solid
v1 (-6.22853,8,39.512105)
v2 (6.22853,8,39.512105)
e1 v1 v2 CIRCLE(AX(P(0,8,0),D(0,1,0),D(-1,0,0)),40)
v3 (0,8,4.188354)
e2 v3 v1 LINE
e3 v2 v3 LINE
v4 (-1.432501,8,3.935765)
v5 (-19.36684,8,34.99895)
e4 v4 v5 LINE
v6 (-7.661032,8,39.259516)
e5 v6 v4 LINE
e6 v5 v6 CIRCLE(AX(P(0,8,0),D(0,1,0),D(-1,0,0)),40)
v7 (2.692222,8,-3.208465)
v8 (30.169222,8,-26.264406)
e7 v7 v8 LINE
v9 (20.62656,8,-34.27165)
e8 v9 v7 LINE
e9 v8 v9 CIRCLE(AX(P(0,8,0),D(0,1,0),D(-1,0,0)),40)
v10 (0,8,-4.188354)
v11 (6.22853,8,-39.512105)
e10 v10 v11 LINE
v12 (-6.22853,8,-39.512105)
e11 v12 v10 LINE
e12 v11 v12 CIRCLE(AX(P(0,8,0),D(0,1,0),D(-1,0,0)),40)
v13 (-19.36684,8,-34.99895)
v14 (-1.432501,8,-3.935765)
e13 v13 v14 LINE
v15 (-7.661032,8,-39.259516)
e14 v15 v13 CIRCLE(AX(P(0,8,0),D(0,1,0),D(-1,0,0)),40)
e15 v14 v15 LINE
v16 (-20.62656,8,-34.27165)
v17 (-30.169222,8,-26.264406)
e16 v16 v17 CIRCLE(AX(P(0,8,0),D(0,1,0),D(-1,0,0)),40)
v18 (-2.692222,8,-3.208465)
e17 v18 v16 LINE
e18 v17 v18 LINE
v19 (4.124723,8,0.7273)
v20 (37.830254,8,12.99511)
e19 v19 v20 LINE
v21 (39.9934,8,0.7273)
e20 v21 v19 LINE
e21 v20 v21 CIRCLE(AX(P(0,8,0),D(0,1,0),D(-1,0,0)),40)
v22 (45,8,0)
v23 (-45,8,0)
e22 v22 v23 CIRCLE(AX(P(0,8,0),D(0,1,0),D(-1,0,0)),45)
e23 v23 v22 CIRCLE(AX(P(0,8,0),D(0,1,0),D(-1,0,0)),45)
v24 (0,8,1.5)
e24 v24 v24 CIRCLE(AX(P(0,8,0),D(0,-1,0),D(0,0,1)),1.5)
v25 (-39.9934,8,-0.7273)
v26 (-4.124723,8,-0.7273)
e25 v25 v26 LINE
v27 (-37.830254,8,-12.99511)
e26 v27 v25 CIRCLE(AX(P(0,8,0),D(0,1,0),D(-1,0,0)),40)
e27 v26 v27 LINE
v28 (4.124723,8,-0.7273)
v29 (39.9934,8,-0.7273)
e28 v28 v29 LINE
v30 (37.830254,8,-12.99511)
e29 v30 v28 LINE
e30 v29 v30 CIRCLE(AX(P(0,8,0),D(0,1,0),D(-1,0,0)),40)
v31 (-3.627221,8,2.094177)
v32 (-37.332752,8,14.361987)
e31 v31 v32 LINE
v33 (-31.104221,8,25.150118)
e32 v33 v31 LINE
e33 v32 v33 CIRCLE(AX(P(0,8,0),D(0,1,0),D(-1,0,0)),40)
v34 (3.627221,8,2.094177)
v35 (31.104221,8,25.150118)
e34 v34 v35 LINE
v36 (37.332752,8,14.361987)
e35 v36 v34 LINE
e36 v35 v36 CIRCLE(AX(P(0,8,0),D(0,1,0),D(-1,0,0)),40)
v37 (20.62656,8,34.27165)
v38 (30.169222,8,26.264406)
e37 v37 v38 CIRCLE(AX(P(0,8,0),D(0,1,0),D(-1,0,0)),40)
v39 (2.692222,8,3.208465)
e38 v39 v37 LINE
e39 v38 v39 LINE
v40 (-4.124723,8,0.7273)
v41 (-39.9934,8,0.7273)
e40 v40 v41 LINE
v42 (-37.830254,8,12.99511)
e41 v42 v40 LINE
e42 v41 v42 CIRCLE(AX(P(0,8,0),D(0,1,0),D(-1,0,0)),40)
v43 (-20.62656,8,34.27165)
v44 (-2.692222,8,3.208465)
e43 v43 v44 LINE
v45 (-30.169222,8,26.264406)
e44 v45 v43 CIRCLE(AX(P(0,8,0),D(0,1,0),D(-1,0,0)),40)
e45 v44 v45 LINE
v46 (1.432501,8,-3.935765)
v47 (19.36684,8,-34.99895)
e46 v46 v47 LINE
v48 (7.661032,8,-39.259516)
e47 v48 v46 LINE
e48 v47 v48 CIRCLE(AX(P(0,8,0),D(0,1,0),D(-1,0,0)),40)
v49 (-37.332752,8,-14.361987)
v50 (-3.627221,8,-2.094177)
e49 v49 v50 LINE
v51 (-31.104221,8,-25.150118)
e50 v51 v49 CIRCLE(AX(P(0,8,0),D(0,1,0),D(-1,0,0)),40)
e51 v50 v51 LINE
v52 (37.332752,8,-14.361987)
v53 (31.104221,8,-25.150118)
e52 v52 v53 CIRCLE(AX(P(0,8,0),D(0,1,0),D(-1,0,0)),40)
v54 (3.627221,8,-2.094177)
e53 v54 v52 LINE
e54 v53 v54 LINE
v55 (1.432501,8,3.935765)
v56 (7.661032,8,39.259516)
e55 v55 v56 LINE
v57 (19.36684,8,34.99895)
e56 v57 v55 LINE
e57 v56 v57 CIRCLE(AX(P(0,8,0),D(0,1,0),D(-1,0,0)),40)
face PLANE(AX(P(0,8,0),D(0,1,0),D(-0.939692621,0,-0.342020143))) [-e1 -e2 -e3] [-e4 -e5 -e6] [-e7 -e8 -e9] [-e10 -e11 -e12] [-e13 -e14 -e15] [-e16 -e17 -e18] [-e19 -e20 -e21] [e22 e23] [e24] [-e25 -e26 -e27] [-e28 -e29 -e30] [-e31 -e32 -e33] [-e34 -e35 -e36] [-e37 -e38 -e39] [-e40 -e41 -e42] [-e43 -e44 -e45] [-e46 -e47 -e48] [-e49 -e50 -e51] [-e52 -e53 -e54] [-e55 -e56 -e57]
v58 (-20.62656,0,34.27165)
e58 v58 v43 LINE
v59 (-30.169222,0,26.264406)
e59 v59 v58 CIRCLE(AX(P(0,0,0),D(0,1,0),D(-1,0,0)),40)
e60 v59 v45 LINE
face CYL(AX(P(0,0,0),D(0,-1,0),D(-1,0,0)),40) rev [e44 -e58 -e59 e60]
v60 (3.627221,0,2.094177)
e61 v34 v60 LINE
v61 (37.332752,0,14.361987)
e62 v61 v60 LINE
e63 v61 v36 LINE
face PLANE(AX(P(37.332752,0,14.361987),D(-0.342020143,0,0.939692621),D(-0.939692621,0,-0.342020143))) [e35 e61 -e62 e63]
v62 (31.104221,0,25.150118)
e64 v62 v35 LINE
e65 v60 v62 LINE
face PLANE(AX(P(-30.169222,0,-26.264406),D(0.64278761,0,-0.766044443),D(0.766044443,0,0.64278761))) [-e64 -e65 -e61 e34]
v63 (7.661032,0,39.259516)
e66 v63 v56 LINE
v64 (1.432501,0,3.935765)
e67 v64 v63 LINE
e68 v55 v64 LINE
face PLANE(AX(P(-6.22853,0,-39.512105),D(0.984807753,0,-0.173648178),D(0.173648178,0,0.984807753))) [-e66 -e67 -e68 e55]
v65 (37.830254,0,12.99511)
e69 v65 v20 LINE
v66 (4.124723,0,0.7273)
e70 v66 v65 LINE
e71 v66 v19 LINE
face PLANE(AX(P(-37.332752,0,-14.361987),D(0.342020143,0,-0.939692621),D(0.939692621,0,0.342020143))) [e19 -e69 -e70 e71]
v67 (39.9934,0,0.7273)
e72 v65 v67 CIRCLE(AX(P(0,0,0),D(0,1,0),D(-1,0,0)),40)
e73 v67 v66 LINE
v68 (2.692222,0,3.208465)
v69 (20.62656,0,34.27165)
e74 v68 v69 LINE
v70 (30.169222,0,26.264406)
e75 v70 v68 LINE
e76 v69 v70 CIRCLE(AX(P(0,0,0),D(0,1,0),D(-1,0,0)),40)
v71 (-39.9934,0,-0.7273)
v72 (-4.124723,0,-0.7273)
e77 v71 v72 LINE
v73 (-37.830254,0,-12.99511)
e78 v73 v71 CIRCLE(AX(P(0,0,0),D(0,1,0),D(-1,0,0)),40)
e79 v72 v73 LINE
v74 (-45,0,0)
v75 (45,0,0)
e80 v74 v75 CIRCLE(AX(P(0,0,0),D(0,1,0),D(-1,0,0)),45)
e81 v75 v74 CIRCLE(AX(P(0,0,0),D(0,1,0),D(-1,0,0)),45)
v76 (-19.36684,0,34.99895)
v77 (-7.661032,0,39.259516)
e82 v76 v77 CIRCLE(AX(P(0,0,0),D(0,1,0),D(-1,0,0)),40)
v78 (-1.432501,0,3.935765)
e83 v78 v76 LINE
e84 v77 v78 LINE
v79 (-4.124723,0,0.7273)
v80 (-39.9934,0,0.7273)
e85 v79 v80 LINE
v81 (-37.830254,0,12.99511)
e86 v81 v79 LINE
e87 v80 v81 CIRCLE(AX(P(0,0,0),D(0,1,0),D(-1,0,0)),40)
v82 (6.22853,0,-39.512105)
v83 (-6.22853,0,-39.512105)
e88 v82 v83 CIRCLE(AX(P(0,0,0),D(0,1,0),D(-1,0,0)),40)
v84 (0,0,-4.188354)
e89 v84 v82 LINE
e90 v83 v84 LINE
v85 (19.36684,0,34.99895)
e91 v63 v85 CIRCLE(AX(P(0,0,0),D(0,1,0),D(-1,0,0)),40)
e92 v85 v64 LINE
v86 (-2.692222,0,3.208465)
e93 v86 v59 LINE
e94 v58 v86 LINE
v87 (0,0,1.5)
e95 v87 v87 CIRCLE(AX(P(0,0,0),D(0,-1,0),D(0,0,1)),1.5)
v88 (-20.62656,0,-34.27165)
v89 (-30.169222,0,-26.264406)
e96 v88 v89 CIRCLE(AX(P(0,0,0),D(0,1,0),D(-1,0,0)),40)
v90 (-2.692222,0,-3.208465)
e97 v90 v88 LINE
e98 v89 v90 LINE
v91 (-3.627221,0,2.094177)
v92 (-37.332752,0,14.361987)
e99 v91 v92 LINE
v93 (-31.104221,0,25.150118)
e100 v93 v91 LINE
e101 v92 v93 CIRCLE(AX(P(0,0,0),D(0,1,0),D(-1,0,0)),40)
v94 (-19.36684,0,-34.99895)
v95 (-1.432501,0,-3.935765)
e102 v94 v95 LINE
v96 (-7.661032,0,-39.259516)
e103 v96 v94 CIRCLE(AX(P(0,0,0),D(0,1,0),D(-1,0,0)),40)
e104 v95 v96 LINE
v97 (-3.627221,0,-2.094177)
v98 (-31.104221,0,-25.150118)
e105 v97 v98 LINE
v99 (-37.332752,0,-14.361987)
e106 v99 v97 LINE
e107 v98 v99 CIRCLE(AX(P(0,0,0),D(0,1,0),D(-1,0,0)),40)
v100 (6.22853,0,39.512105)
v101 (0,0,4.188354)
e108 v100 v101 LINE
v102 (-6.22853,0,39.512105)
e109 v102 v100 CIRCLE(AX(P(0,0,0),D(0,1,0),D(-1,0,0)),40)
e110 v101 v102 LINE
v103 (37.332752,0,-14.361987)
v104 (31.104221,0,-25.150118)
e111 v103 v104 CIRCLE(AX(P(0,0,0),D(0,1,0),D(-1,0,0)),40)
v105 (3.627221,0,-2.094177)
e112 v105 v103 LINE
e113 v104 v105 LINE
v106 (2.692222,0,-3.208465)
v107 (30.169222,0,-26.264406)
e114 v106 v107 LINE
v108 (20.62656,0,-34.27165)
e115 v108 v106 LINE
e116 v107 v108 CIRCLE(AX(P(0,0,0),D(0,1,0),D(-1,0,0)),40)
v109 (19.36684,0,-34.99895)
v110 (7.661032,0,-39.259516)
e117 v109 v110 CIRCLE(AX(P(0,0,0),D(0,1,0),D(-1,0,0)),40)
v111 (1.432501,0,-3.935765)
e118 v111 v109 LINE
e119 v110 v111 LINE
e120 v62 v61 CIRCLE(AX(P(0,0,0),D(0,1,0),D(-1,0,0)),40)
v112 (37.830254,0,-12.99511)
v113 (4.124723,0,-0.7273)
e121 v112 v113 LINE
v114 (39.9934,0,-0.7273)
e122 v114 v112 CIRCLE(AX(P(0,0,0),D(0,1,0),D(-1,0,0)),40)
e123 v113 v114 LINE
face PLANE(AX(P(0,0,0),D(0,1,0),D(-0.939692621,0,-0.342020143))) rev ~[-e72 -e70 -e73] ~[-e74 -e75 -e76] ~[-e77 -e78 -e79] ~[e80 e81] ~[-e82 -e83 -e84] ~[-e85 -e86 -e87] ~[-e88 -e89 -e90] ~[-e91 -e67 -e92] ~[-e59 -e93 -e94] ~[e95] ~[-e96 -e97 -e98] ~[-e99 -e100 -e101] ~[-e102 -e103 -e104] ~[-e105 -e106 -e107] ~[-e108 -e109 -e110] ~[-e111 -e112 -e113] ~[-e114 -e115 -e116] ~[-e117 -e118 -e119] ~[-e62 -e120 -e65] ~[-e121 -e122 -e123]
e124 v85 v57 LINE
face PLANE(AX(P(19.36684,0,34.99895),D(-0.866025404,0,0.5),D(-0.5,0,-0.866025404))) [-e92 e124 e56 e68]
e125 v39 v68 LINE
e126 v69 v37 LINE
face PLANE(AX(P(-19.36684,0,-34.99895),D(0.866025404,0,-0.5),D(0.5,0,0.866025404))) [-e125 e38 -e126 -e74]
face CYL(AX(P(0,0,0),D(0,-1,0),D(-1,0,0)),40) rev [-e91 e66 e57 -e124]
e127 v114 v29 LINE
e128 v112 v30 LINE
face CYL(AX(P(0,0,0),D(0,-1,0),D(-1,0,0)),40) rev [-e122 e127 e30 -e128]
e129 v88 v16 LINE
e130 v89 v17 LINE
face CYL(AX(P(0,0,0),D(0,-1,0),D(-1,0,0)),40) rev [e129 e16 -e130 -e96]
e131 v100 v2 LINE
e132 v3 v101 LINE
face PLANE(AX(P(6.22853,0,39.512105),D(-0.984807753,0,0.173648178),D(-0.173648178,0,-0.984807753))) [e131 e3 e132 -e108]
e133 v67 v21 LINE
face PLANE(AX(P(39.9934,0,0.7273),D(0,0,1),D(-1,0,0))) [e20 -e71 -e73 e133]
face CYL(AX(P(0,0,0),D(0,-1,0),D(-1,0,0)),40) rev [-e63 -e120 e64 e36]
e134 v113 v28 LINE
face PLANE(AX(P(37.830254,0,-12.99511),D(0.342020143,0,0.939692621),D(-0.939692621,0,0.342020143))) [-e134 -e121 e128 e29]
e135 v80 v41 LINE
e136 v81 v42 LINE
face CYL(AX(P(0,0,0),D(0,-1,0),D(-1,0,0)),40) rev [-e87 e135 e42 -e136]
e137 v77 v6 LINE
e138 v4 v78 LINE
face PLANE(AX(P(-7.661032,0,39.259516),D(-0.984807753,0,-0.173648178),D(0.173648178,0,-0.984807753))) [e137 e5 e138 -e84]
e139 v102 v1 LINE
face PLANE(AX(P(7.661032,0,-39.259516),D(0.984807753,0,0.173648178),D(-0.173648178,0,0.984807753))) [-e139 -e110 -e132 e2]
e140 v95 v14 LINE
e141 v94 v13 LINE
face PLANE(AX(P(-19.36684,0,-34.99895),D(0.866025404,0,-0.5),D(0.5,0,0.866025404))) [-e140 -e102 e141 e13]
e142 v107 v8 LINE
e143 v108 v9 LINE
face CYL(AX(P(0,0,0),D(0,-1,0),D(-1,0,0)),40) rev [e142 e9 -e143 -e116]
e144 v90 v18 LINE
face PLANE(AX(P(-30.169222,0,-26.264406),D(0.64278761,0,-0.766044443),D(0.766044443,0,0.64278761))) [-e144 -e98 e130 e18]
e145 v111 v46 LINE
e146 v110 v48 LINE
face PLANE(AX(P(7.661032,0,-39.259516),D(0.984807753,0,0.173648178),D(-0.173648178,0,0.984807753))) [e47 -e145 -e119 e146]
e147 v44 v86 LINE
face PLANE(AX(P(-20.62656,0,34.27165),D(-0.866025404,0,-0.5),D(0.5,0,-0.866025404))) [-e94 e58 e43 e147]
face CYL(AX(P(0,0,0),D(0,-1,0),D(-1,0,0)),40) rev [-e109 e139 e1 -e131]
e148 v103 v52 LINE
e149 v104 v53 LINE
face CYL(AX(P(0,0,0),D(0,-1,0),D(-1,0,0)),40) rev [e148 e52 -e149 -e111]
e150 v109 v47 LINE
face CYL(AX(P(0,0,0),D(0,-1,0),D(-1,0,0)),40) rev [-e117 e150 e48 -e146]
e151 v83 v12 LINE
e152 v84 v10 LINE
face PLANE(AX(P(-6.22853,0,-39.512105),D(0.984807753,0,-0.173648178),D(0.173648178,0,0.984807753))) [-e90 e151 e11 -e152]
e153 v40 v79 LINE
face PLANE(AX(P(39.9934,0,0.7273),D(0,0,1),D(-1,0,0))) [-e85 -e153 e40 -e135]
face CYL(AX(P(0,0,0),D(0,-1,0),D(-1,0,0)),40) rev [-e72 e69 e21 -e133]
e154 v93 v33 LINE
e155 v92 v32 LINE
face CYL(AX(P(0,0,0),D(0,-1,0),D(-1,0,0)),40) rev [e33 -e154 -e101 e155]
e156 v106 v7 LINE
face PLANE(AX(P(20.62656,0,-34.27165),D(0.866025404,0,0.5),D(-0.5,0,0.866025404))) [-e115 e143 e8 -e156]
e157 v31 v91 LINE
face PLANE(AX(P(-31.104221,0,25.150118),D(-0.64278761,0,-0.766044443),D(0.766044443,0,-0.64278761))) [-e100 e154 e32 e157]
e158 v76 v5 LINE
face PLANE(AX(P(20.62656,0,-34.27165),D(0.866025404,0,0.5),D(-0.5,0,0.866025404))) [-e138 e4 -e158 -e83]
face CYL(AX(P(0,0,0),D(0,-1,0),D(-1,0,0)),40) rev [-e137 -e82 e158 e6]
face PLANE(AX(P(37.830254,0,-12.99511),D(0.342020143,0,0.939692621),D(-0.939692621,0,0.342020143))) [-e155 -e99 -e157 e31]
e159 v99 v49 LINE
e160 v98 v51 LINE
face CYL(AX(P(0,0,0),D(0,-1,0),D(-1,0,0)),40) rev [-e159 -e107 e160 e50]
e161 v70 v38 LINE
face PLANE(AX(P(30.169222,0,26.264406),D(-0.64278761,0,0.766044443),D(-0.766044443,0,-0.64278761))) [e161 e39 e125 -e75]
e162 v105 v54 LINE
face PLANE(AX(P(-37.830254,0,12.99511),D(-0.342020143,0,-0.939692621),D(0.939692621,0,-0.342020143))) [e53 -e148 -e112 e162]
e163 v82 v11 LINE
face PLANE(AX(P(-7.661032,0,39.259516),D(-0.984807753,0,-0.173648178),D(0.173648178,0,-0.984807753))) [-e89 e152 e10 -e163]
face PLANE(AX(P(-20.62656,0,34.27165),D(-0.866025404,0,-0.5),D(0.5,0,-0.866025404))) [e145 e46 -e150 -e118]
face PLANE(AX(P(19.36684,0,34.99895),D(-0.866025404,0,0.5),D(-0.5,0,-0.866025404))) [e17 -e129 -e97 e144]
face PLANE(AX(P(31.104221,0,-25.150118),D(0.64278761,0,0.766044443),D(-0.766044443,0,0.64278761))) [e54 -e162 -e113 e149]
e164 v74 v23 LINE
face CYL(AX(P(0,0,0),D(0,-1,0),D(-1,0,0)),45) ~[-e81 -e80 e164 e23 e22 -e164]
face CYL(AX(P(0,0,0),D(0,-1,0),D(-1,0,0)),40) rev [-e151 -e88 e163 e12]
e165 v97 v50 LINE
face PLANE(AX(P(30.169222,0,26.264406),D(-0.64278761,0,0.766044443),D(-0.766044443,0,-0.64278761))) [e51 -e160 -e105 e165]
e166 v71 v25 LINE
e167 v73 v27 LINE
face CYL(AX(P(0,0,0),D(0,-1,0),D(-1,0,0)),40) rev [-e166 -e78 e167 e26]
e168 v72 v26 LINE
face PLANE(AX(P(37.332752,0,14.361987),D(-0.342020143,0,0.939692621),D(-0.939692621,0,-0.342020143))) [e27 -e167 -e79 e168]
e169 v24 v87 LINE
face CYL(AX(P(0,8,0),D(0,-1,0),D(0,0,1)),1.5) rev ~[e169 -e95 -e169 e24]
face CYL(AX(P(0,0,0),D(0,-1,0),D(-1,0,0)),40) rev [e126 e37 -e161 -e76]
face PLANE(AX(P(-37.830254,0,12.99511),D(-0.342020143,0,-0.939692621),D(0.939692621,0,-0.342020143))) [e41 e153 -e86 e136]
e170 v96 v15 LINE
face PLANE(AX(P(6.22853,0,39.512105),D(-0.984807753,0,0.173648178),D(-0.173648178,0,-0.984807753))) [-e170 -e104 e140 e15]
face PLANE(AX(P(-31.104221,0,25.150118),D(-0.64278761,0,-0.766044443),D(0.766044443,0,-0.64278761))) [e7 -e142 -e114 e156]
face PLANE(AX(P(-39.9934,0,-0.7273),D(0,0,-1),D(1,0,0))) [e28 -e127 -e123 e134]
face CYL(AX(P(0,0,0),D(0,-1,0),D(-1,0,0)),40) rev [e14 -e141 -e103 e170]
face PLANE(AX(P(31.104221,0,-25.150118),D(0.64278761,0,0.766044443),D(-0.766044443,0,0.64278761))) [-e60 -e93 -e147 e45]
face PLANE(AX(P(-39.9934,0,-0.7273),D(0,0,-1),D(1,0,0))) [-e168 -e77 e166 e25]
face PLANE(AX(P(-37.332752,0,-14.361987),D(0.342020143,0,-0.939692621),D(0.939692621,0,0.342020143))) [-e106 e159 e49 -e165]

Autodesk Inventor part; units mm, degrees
ref_plane "YZ Plane" through (0, 0, 0) normal (1, 0, 0) x (0, 1, 0)
ref_plane "XZ Plane" through (0, 0, 0) normal (0, 1, 0) x (-1, 0, 0)
ref_plane "XY Plane" through (0, 0, 0) normal (0, 0, 1) x (1, 0, 0)
sketch "Sketch1" plane through (0, 0, 0) normal (0, 1, 0) x (-1, 0, 0)
  circle A0 centre (0, 0) radius 45
  circle A1 centre (0, 0) radius 40
  line L0 (40, 0) -> (-70, 0)
  line L1 (-39.9934, 0.7273) -> (39.9934, 0.7273)
  point P0 (-40, 0)
  dimension "d0" = 90
  dimension "d1" = 80
extrude "Extrusion1" add sketch "Sketch1" along normal blind 8
extrude "Extrusion2" add sketch "Sketch1" along normal blind 8 contours A1 L1 L0
pattern_circular "Circular Pattern1" count 18 over 360 about axis through (0, -10, 0) along (0, 1, 0) of "Extrusion2"
sketch "Sketch2" plane through (0, 8, 0) normal (0, 1, 0) x (1, 0, 0)
  circle A0 centre (0, 0) radius 1.5
  dimension "d9" = 3
hole "Hole1" at (0, 8, 0) direction (0, -1, 0) diameter 3 end through all
thread "Thread1" size "M3x0.5" class "6H" standard "ANSI Metric M Profile" full length
properties part number "Tyres"
